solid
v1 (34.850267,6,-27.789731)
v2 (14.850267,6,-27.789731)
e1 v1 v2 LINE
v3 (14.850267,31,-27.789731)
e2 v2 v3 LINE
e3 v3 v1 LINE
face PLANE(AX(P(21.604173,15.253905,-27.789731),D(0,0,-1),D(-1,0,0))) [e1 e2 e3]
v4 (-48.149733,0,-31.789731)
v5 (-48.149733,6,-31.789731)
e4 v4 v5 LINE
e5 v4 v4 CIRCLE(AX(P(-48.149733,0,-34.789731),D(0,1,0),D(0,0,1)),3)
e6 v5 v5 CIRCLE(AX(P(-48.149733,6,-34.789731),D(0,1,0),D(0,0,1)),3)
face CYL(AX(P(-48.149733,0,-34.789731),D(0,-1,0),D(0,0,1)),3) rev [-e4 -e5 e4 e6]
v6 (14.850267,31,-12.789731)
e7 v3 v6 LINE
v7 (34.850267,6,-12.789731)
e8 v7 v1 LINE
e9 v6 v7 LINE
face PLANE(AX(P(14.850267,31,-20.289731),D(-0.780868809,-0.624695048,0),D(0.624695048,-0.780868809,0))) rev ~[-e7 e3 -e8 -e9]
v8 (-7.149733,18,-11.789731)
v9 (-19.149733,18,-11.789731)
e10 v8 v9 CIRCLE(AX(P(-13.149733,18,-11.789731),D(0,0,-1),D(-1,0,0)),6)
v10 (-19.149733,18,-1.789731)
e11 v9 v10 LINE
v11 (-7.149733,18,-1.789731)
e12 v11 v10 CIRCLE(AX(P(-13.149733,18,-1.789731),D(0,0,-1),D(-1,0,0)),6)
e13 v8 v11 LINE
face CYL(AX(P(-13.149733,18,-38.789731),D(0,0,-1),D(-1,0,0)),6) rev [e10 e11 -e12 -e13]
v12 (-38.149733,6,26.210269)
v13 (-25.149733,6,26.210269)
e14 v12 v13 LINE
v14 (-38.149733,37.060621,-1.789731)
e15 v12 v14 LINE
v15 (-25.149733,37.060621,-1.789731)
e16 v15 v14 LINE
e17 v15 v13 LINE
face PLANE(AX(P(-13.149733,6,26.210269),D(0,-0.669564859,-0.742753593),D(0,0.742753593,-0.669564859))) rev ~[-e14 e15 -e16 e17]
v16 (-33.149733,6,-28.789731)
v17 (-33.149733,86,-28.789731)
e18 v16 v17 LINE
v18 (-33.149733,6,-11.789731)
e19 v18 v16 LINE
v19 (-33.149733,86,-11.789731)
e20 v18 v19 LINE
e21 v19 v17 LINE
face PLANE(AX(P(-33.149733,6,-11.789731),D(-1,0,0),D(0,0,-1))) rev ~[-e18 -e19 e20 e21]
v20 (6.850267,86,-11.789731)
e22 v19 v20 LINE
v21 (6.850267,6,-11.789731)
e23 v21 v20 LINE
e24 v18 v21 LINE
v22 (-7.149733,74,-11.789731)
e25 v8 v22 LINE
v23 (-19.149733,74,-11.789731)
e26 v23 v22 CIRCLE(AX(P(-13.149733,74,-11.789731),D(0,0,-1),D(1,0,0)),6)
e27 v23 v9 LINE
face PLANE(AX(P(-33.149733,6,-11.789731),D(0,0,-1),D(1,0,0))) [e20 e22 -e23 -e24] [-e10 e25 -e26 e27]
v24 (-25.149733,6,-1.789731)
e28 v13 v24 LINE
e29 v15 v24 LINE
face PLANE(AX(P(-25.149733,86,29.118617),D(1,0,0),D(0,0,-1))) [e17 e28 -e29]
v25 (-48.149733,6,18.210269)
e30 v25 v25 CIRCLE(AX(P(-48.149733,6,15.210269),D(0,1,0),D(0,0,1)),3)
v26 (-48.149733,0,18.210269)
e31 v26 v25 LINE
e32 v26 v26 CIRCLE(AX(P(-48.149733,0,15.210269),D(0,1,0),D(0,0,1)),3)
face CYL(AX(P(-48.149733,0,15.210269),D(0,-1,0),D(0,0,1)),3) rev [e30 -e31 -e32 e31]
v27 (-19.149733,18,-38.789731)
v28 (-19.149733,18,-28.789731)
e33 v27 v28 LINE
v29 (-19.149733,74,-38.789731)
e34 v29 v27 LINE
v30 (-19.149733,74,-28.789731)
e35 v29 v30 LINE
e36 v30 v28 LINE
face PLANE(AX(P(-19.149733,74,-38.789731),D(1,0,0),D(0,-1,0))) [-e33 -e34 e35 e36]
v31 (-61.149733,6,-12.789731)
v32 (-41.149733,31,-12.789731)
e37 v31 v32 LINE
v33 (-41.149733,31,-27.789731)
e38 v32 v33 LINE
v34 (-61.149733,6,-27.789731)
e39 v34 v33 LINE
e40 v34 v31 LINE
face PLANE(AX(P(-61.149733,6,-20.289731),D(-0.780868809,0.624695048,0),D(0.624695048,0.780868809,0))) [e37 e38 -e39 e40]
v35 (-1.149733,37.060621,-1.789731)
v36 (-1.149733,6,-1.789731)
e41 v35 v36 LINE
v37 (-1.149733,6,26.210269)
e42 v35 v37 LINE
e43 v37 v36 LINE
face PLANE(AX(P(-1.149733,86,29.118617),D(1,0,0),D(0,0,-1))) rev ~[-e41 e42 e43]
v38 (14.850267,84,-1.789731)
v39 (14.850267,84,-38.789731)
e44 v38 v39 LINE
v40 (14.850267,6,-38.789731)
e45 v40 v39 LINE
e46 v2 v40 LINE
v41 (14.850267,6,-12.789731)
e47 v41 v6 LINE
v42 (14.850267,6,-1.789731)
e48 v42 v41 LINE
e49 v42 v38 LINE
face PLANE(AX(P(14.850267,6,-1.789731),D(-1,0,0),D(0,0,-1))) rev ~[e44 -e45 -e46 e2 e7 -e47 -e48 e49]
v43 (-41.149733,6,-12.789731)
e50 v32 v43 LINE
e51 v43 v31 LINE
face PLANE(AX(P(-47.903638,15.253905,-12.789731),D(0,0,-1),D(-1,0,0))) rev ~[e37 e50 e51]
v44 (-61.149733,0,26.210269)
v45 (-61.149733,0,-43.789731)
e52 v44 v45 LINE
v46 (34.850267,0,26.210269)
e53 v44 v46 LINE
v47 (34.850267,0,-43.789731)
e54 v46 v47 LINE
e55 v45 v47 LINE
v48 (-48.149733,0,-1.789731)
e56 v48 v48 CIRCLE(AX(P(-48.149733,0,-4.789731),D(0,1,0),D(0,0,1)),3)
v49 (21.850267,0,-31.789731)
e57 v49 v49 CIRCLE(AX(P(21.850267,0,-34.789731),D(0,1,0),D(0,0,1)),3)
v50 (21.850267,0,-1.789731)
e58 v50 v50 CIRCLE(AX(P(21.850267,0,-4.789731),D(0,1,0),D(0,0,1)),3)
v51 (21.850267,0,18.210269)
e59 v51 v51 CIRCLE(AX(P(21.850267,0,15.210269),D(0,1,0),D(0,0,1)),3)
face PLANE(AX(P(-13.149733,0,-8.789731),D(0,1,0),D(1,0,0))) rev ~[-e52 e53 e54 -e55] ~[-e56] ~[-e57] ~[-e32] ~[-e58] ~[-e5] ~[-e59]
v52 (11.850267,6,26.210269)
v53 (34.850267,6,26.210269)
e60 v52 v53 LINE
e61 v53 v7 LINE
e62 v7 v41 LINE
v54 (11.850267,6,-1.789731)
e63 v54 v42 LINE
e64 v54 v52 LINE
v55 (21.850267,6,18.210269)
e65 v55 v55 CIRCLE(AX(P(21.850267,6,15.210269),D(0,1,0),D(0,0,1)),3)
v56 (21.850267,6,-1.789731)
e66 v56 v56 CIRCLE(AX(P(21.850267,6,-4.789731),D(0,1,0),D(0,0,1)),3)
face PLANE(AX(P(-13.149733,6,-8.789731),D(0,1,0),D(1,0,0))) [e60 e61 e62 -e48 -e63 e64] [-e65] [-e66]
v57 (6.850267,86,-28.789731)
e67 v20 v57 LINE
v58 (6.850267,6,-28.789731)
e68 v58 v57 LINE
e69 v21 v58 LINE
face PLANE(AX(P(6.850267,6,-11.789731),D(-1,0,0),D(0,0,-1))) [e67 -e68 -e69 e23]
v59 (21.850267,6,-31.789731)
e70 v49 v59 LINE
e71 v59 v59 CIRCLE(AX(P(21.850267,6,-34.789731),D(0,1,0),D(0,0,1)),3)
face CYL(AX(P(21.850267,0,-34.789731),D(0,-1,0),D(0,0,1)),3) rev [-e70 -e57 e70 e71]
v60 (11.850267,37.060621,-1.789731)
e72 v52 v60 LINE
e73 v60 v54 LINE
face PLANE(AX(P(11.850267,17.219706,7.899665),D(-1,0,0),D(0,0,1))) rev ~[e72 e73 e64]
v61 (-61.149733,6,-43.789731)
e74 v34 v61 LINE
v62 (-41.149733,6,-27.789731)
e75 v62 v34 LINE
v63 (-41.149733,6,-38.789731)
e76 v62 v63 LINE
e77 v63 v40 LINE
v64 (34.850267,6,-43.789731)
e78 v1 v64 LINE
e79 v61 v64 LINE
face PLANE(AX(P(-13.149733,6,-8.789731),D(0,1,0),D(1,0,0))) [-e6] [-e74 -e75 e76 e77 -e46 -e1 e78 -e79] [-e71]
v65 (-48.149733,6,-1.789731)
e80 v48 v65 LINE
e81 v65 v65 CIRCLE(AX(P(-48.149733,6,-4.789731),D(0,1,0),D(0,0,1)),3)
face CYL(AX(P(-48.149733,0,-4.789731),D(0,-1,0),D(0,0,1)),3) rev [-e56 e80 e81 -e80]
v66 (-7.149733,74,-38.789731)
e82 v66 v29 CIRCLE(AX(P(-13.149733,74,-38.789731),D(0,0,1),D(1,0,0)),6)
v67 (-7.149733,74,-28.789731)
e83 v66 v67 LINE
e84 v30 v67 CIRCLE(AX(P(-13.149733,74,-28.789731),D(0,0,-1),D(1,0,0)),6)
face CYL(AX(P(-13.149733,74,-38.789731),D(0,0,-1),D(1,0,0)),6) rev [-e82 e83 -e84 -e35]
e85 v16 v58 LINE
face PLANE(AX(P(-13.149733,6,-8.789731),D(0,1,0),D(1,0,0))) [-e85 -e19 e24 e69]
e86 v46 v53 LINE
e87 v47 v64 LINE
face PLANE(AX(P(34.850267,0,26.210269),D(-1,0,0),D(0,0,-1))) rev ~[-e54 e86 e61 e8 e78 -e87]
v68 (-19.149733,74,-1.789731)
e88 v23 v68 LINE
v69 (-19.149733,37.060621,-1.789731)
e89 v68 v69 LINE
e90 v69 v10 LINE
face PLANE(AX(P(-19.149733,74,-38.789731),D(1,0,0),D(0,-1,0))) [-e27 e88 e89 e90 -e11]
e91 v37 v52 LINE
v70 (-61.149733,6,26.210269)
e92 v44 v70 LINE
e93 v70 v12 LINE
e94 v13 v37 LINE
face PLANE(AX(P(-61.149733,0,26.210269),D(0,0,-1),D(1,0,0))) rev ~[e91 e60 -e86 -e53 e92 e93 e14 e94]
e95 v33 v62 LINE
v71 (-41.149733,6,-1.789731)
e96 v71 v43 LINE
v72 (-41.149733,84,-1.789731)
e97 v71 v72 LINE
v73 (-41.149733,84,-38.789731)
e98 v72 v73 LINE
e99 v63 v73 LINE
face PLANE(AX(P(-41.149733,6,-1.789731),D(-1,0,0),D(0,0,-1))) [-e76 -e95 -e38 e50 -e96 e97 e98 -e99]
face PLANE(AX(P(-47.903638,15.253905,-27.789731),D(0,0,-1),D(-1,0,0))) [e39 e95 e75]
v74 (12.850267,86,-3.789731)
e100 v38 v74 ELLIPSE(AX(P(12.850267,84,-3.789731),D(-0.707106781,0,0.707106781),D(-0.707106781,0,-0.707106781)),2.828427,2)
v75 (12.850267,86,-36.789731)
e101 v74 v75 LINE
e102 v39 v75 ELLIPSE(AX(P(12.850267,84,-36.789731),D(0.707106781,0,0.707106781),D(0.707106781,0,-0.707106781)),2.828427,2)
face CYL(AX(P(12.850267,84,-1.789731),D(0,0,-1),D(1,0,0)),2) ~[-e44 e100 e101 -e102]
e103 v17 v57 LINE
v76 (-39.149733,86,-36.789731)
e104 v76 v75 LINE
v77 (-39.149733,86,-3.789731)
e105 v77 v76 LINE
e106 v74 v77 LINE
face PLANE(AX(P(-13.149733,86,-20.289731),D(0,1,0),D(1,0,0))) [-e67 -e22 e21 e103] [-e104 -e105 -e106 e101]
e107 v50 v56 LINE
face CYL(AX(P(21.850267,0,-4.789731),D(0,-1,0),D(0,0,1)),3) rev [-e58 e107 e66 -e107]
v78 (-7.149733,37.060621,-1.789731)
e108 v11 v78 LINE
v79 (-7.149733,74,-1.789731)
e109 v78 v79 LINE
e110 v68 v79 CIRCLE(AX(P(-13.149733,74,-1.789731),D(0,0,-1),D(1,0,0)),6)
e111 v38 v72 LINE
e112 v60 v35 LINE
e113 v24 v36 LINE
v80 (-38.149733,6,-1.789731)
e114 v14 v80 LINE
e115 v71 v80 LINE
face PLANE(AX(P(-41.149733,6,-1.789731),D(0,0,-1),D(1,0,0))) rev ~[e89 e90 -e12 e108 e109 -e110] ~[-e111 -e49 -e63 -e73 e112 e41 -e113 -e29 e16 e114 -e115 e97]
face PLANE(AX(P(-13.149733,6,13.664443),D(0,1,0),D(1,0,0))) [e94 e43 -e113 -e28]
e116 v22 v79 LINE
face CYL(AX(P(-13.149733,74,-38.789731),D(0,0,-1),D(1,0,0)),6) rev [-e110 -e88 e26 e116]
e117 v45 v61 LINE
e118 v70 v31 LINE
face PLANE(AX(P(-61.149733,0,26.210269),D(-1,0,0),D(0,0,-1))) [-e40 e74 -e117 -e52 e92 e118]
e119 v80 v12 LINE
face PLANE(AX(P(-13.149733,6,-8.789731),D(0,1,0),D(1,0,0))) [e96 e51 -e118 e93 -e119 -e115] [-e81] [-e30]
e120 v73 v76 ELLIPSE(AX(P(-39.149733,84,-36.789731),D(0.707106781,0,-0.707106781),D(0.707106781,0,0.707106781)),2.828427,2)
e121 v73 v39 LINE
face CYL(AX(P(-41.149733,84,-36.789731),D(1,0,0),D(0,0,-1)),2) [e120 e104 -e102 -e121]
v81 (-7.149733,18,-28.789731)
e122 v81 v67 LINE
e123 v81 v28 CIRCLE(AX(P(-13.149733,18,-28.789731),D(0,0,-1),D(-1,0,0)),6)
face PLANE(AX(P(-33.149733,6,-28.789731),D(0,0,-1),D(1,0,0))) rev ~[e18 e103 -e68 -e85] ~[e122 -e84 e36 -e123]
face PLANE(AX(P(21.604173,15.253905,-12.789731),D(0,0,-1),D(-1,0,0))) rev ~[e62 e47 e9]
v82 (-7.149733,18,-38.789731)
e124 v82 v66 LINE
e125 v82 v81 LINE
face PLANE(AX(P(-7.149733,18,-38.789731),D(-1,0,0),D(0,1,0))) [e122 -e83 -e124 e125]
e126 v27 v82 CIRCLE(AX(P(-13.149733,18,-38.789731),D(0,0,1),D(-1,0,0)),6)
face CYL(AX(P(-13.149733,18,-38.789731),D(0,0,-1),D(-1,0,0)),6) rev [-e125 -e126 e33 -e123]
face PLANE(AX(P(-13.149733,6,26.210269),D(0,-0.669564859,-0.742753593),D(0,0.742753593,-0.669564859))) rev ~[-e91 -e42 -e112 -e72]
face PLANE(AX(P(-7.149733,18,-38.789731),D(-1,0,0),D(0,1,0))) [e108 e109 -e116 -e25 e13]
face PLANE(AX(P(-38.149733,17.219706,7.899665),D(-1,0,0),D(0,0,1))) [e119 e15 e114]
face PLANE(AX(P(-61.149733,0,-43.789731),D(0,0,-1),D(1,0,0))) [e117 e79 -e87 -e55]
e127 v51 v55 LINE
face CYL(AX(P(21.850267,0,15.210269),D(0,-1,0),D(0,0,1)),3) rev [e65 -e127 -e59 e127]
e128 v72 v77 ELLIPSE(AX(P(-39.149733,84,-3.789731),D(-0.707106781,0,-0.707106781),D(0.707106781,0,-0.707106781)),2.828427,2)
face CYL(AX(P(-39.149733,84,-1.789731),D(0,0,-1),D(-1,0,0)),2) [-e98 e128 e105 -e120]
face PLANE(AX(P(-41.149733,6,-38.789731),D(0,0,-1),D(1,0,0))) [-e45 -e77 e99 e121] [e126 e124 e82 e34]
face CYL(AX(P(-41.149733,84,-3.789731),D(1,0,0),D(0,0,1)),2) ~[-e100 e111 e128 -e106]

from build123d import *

# Parameters (mm, degrees)
SKETCH_1_W          = 96
SKETCH_1_H          = 70
SKETCH_1_R          = 3
EXTRUDE_1_DEPTH     = 6
SKETCH_2_W          = 56
SKETCH_2_H          = 37
SKETCH_2_W_2        = 40
SKETCH_2_H_2        = 17
EXTRUDE_2_DEPTH     = 80
EXTRUDE_3_DEPTH     = 7.5
EXTRUDE_4_DEPTH     = 25
CUT_EXTRUDE_1_DEPTH = 124.93663618
SKETCH_10_W         = 24
SKETCH_10_H         = 30.908347595
CUT_EXTRUDE_2_DEPTH = 80
FILLET_1_R          = 2


with BuildPart() as part:
    # 草图1 → 凸台-拉伸1 (new body)
    with BuildSketch(Plane(origin=(0, 0, 0), x_dir=(1, 0, 0), z_dir=(0, 1, 0))):
        with Locations((-13.149732523, 8.78973091)):
            Rectangle(SKETCH_1_W, SKETCH_1_H)
        with Locations(Location((21.850267477, 4.78973091, 0), (0, 0, 270))):
            Circle(SKETCH_1_R, mode=Mode.SUBTRACT)
        with Locations(Location((-48.149732523, 4.78973091, 0), (0, 0, 270))):
            Circle(SKETCH_1_R, mode=Mode.SUBTRACT)
        with Locations(Location((21.850267477, -15.21026909, 0), (0, 0, 270))):
            Circle(SKETCH_1_R, mode=Mode.SUBTRACT)
        with Locations(Location((-48.149732523, -15.21026909, 0), (0, 0, 270))):
            Circle(SKETCH_1_R, mode=Mode.SUBTRACT)
        with Locations(Location((21.850267477, 34.78973091, 0), (0, 0, 270))):
            Circle(SKETCH_1_R, mode=Mode.SUBTRACT)
        with Locations(Location((-48.149732523, 34.78973091, 0), (0, 0, 270))):
            Circle(SKETCH_1_R, mode=Mode.SUBTRACT)
    extrude(amount=EXTRUDE_1_DEPTH)

    # 草图2 → 凸台-拉伸2 (add)
    with BuildSketch(Plane(origin=(0, 6, 0), x_dir=(1, 0, 0), z_dir=(0, 1, 0))):
        with Locations((-13.149732523, 20.28973091)):
            Rectangle(SKETCH_2_W, SKETCH_2_H)
        with Locations((-13.149732523, 20.28973091)):
            Rectangle(SKETCH_2_W_2, SKETCH_2_H_2, mode=Mode.SUBTRACT)
    extrude(amount=EXTRUDE_2_DEPTH)

    # 草图5 → 凸台-拉伸3 (add, symmetric)
    with BuildSketch(Plane.XY.offset(-20.28973091)):
        Polygon((-61.149732523, 6), (-41.149732523, 31), (-41.149732523, 6), align=None)
        Polygon((14.850267477, 31), (34.850267477, 6), (14.850267477, 6), align=None)
    extrude(amount=EXTRUDE_3_DEPTH, both=True)

    # 草图8 → 凸台-拉伸4 (add, symmetric)
    with BuildSketch(Plane(origin=(-13.149732523, 0, 0), x_dir=(0, 0, -1), z_dir=(1, 0, 0))):
        Polygon((-26.21026909, 6), (1.78973091, 37.060621439), (1.78973091, 6), align=None)
    extrude(amount=EXTRUDE_4_DEPTH, both=True)

    # 草图9 → 切除-拉伸1 (cut, through all)
    with BuildSketch(Plane(origin=(0, 0, -38.78973091), x_dir=(-1, 0, 0), z_dir=(0, 0, -1))):
        with BuildLine():
            Line((19.149732523, 74), (19.149732523, 18))
            ThreePointArc((19.149732523, 18), (13.149732523, 12), (7.149732523, 18))
            Line((7.149732523, 18), (7.149732523, 74))
            ThreePointArc((7.149732523, 74), (13.149732523, 80), (19.149732523, 74))
        make_face()
    extrude(amount=-CUT_EXTRUDE_1_DEPTH, mode=Mode.SUBTRACT)

    # 草图10 → 切除-拉伸2 (cut)
    with BuildSketch(Plane(origin=(0, 86, 0), x_dir=(1, 0, 0), z_dir=(0, 1, 0))):
        with Locations((-13.149732523, -13.664442888)):
            Rectangle(SKETCH_10_W, SKETCH_10_H)
    extrude(amount=-CUT_EXTRUDE_2_DEPTH, mode=Mode.SUBTRACT)

    # 圆角1
    fillet_1_edges = [part.edges().sort_by_distance(p)[0] for p in [
        (14.850267477, 86, -20.28973091),
        (-13.149732523, 86, -38.78973091),
        (-41.149732523, 86, -20.28973091),
        (-13.149732523, 86, -1.78973091),
    ]]
    fillet(fillet_1_edges, radius=FILLET_1_R)


solid = part.part
